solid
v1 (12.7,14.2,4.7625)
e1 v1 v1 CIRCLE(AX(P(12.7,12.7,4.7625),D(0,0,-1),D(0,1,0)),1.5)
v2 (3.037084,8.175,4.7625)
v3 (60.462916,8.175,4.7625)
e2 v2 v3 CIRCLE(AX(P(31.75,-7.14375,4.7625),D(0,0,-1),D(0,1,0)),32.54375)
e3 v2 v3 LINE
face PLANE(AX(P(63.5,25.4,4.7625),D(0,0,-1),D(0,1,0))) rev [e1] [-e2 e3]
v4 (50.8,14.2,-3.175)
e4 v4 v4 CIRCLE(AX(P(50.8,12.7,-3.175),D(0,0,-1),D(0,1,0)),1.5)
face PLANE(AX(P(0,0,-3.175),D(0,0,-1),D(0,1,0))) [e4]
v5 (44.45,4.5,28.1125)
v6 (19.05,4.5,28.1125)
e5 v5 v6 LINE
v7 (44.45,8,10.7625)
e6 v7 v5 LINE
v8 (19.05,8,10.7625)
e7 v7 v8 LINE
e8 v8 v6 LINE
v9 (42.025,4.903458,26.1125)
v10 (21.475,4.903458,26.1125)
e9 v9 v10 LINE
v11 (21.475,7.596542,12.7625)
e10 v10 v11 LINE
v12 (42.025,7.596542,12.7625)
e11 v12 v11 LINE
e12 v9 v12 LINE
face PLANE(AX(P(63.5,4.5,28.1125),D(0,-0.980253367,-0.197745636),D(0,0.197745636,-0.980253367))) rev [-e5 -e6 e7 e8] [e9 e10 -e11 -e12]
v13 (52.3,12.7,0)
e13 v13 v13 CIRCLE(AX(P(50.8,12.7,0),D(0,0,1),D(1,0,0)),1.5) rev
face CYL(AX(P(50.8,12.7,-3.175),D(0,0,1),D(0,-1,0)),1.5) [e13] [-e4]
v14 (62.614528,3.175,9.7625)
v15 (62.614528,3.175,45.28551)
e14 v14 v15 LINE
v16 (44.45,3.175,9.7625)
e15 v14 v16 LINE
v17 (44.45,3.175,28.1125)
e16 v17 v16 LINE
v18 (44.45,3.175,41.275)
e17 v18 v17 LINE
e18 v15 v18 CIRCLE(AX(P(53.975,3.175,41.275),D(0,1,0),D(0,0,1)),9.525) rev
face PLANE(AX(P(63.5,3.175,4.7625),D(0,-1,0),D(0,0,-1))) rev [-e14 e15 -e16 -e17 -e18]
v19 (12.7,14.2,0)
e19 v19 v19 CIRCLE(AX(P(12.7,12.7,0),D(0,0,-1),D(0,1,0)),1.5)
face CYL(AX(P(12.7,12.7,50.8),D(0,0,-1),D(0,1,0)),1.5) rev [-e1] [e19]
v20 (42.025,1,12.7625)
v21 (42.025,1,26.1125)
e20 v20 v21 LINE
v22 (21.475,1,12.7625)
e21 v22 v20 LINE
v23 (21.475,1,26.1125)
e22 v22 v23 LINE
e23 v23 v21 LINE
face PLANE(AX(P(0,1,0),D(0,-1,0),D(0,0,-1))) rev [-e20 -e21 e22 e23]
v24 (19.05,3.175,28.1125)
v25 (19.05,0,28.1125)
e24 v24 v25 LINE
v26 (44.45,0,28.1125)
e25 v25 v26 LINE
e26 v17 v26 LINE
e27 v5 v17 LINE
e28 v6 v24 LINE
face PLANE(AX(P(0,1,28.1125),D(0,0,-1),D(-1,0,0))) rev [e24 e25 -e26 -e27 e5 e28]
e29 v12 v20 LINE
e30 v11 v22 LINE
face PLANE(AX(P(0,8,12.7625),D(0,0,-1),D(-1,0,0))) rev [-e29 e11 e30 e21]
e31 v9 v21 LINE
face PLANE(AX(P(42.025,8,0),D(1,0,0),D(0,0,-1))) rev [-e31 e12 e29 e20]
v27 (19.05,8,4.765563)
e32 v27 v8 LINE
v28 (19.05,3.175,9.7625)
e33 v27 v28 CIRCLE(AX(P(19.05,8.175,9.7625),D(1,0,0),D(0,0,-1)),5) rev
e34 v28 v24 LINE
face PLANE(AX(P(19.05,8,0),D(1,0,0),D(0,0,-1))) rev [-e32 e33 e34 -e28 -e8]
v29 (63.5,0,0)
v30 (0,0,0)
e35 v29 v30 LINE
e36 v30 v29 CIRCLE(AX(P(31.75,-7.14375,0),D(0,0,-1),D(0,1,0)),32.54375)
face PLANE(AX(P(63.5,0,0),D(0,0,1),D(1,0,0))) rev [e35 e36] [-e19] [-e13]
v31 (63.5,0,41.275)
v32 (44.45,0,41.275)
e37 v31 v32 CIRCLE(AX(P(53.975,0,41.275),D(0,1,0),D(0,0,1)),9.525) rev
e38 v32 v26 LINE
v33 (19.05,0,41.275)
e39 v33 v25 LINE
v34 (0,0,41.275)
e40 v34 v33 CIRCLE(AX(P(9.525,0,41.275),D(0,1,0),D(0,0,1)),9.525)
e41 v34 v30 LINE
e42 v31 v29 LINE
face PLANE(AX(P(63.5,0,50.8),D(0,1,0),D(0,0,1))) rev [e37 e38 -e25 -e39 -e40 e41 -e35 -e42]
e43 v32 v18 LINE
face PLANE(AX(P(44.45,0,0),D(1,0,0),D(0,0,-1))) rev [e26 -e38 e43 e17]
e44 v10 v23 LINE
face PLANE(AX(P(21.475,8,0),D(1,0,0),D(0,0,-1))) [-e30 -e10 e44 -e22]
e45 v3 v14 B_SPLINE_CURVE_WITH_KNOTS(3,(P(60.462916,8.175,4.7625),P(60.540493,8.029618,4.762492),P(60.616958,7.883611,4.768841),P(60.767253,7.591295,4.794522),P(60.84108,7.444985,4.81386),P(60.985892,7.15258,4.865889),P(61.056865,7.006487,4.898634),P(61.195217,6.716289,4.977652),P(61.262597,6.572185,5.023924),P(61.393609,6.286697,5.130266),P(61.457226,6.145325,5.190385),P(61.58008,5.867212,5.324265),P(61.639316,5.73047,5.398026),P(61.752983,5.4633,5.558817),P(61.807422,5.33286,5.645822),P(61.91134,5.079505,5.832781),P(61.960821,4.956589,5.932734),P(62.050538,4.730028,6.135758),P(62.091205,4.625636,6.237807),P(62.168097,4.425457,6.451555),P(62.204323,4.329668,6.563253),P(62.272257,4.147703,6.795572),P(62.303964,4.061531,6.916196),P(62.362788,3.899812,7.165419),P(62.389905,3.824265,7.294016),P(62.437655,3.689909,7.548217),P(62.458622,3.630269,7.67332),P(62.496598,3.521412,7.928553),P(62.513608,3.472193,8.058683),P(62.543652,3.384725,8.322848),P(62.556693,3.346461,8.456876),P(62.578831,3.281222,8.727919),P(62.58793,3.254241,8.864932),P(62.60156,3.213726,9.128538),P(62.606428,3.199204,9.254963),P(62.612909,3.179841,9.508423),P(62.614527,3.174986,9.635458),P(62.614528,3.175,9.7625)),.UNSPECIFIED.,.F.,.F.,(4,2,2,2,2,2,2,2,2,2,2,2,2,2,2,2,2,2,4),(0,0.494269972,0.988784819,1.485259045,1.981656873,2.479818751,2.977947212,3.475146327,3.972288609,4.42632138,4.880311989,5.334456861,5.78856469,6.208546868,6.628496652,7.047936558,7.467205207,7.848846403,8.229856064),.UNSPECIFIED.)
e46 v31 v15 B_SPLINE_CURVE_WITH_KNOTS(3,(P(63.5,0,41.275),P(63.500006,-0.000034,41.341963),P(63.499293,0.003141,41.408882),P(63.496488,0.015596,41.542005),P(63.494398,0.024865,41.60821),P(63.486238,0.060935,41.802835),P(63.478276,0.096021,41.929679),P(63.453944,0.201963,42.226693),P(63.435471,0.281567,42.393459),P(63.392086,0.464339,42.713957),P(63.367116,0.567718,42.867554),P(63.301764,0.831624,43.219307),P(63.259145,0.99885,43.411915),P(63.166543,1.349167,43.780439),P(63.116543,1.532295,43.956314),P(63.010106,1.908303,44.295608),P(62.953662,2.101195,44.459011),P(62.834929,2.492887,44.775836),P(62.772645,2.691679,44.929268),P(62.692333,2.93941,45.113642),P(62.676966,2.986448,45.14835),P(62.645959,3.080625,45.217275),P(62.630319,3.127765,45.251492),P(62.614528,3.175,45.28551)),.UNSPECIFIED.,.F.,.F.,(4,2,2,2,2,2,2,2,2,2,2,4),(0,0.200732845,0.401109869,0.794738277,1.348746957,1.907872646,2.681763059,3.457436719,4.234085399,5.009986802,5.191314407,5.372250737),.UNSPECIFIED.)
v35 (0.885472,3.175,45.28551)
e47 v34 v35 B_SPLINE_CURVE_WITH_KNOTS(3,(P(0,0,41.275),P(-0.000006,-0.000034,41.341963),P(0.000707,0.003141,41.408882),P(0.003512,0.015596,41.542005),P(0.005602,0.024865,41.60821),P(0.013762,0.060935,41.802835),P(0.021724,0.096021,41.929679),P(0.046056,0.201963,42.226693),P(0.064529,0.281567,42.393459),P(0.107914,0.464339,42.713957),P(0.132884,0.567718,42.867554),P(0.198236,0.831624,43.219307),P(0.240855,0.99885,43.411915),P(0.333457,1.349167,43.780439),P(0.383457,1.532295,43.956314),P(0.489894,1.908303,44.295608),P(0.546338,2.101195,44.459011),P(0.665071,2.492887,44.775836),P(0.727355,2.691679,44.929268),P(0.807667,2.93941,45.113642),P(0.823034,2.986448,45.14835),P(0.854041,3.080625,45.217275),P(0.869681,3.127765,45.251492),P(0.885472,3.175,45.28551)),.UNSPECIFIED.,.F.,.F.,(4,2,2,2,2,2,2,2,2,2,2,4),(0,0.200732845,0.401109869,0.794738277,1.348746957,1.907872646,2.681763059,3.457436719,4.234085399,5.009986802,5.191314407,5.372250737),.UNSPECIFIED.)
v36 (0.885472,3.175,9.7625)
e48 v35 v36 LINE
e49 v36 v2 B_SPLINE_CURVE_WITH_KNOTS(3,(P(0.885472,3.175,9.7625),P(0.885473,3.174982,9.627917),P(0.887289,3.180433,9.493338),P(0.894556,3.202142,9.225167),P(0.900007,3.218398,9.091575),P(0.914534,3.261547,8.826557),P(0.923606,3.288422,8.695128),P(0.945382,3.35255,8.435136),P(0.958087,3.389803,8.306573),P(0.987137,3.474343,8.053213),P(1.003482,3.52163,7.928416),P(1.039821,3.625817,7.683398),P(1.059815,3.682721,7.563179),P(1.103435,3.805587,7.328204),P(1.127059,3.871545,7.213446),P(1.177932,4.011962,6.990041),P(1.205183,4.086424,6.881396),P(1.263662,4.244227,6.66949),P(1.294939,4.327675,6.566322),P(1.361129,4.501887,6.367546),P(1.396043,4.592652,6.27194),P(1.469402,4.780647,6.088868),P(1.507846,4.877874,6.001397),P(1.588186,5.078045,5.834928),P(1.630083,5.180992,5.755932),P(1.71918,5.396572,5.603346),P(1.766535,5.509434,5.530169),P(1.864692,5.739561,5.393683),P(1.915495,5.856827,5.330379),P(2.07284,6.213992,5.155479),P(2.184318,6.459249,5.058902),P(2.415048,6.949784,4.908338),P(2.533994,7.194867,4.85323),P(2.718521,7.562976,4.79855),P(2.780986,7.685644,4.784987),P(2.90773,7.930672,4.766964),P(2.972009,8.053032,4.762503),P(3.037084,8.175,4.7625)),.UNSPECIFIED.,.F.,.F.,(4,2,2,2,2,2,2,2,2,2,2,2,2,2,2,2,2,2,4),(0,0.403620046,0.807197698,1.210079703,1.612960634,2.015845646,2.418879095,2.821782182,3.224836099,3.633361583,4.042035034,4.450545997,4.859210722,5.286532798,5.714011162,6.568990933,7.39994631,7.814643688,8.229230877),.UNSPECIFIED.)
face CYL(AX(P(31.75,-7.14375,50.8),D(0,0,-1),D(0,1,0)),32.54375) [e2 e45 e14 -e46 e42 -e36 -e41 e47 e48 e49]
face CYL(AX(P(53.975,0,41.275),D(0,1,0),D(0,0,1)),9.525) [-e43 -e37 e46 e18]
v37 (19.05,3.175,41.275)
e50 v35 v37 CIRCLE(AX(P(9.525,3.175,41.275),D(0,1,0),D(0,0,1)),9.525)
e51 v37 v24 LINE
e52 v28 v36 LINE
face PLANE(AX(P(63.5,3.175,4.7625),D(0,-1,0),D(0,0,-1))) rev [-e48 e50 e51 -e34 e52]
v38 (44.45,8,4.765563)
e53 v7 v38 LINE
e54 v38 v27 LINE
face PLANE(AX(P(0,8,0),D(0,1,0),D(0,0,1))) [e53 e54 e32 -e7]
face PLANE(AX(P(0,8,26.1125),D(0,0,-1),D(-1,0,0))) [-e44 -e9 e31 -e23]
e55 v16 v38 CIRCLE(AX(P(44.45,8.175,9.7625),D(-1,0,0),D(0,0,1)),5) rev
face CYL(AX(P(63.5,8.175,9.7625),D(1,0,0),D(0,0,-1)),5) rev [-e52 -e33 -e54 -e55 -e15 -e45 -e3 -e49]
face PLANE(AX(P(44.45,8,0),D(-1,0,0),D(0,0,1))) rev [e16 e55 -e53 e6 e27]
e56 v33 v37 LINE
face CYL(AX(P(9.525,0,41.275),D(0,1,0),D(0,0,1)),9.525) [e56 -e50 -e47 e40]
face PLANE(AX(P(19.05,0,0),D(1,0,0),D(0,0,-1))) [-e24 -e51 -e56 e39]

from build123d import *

# Parameters (mm, degrees)
BOSS_EXTRUDE1_DEPTH = 63.5
SKETCH3_R           = 1.5
CUT_EXTRUDE1_DEPTH  = 86.194189943
SKETCH3_3_R         = 1.5
BOSS_EXTRUDE2_DEPTH = 3.175
CUT_EXTRUDE2_DEPTH  = 86.194189943
CUT_EXTRUDE3_DEPTH  = 3.175
SKETCH6_W           = 25.4
SKETCH6_H           = 17.35
BOSS_EXTRUDE3_DEPTH = 1
BOSS_EXTRUDE4_START = -1
SKETCH6_3_W         = 25.4
SKETCH6_3_H         = 23.35
SKETCH6_3_W_2       = 20.55
SKETCH6_3_H_2       = 13.35
BOSS_EXTRUDE4_DEPTH = 7
CUT_EXTRUDE4_DEPTH  = 73.122136159
SKETCH6_4_W         = 25.4
SKETCH6_4_H         = 6
BOSS_EXTRUDE5_DEPTH = 3.175
FILLET2_R           = 5


with BuildPart() as part:
    # Sketch2 → Boss-Extrude1 (new body)
    with BuildSketch(Plane(origin=(0, 0, 0), x_dir=(0, 0, -1), z_dir=(1, 0, 0))):
        Polygon((-50.8, 0), (0, 0), (0, 25.4), (-4.7625, 25.4), (-4.7625, 3.175), (-50.8, 3.175), align=None)
    extrude(amount=BOSS_EXTRUDE1_DEPTH)

    # Sketch3 → Cut-Extrude1 (cut, through all)
    with BuildSketch(Plane(origin=(0, 0, 0), x_dir=(-1, 0, 0), z_dir=(0, 0, -1))):
        with Locations(Location((-12.7, 12.7, 0), (0, 0, 90))):
            Circle(SKETCH3_R)
    extrude(amount=-CUT_EXTRUDE1_DEPTH, mode=Mode.SUBTRACT)

    # Sketch3<3> → Boss-Extrude2 (add)
    with BuildSketch(Plane(origin=(0, 0, 0), x_dir=(-1, 0, 0), z_dir=(0, 0, -1))):
        with Locations(Location((-50.8, 12.7, 0), (0, 0, 180))):
            Circle(SKETCH3_3_R)
    extrude(amount=BOSS_EXTRUDE2_DEPTH)

    # Sketch4 → Cut-Extrude2 (cut, through all)
    with BuildSketch(Plane(origin=(0, 0, 0), x_dir=(-1, 0, 0), z_dir=(0, 0, -1))):
        with BuildLine():
            Line((-63.5, 25.4), (-63.5, 0))
            ThreePointArc((-63.5, 0), (-52.079919454, 18.268649317), (-31.75, 25.4))
            Line((-31.75, 25.4), (-63.5, 25.4))
        make_face()
        with BuildLine():
            ThreePointArc((-31.75, 25.4), (-11.420080546, 18.268649317), (0, 0))
            Line((0, 0), (0, 25.4))
            Line((0, 25.4), (-31.75, 25.4))
        make_face()
    extrude(amount=-CUT_EXTRUDE2_DEPTH, mode=Mode.SUBTRACT)

    # Sketch5 → Cut-Extrude3 (cut)
    with BuildSketch(Plane(origin=(0, 3.175, 0), x_dir=(1, 0, 0), z_dir=(0, 1, 0))):
        with BuildLine():
            Line((44.45, -4.7625), (19.05, -4.7625))
            Line((19.05, -4.7625), (19.05, -41.275))
            ThreePointArc((19.05, -41.275), (16.260192091, -48.010192091), (9.525, -50.8))
            Line((9.525, -50.8), (53.975, -50.8))
            ThreePointArc((53.975, -50.8), (47.239807909, -48.010192091), (44.45, -41.275))
            Line((44.45, -41.275), (44.45, -4.7625))
        make_face()
        with BuildLine():
            ThreePointArc((9.525, -50.8), (4.400279527, -49.303876949), (0.885472424, -45.285509726))
            Line((0.885472424, -45.285509726), (0.885472424, -50.8))
            Line((0.885472424, -50.8), (9.525, -50.8))
        make_face()
        with BuildLine():
            ThreePointArc((0.885472424, -45.285509726), (0.224002065, -43.328548738), (0, -41.275))
            Line((0, -41.275), (0, -50.8))
            Line((0, -50.8), (0.885472424, -50.8))
            Line((0.885472424, -50.8), (0.885472424, -45.285509726))
        make_face()
        with BuildLine():
            ThreePointArc((62.614527576, -45.285509726), (59.099720473, -49.303876949), (53.975, -50.8))
            Line((53.975, -50.8), (62.614527576, -50.8))
            Line((62.614527576, -50.8), (62.614527576, -45.285509726))
        make_face()
        with BuildLine():
            ThreePointArc((63.5, -41.275), (63.275997935, -43.328548738), (62.614527576, -45.285509726))
            Line((62.614527576, -45.285509726), (62.614527576, -50.8))
            Line((62.614527576, -50.8), (63.5, -50.8))
            Line((63.5, -50.8), (63.5, -41.275))
        make_face()
    extrude(amount=-CUT_EXTRUDE3_DEPTH, mode=Mode.SUBTRACT)

    # Sketch6 → Boss-Extrude3 (add)
    with BuildSketch(Plane.XZ):
        with Locations((31.75, 19.4375)):
            Rectangle(SKETCH6_W, SKETCH6_H)
    extrude(amount=-BOSS_EXTRUDE3_DEPTH)

    # Sketch6<3> → Boss-Extrude4 (add)
    with BuildSketch(Plane.XZ.offset(BOSS_EXTRUDE4_START)):
        with Locations((31.75, 16.4375)):
            Rectangle(SKETCH6_3_W, SKETCH6_3_H)
        with Locations((31.75, 19.4375)):
            Rectangle(SKETCH6_3_W_2, SKETCH6_3_H_2, mode=Mode.SUBTRACT)
    extrude(amount=-BOSS_EXTRUDE4_DEPTH)

    # Sketch7 → Cut-Extrude4 (cut, through all)
    with BuildSketch(Plane.ZY.offset(-19.05)):
        Polygon((10.7625, 8), (28.1125, 8), (28.1125, 4.5), align=None)
    extrude(amount=-CUT_EXTRUDE4_DEPTH, mode=Mode.SUBTRACT)

    # Sketch6<4> → Boss-Extrude5 (add)
    with BuildSketch(Plane.XZ):
        with Locations((31.75, 7.7625)):
            Rectangle(SKETCH6_4_W, SKETCH6_4_H)
    extrude(amount=-BOSS_EXTRUDE5_DEPTH)

    # Fillet2
    fillet2_edges = [part.edges().sort_by_distance(p)[0] for p in [
        (9.967736212, 3.175, 4.7625),
    ]]
    fillet(fillet2_edges, radius=FILLET2_R)


solid = part.part
